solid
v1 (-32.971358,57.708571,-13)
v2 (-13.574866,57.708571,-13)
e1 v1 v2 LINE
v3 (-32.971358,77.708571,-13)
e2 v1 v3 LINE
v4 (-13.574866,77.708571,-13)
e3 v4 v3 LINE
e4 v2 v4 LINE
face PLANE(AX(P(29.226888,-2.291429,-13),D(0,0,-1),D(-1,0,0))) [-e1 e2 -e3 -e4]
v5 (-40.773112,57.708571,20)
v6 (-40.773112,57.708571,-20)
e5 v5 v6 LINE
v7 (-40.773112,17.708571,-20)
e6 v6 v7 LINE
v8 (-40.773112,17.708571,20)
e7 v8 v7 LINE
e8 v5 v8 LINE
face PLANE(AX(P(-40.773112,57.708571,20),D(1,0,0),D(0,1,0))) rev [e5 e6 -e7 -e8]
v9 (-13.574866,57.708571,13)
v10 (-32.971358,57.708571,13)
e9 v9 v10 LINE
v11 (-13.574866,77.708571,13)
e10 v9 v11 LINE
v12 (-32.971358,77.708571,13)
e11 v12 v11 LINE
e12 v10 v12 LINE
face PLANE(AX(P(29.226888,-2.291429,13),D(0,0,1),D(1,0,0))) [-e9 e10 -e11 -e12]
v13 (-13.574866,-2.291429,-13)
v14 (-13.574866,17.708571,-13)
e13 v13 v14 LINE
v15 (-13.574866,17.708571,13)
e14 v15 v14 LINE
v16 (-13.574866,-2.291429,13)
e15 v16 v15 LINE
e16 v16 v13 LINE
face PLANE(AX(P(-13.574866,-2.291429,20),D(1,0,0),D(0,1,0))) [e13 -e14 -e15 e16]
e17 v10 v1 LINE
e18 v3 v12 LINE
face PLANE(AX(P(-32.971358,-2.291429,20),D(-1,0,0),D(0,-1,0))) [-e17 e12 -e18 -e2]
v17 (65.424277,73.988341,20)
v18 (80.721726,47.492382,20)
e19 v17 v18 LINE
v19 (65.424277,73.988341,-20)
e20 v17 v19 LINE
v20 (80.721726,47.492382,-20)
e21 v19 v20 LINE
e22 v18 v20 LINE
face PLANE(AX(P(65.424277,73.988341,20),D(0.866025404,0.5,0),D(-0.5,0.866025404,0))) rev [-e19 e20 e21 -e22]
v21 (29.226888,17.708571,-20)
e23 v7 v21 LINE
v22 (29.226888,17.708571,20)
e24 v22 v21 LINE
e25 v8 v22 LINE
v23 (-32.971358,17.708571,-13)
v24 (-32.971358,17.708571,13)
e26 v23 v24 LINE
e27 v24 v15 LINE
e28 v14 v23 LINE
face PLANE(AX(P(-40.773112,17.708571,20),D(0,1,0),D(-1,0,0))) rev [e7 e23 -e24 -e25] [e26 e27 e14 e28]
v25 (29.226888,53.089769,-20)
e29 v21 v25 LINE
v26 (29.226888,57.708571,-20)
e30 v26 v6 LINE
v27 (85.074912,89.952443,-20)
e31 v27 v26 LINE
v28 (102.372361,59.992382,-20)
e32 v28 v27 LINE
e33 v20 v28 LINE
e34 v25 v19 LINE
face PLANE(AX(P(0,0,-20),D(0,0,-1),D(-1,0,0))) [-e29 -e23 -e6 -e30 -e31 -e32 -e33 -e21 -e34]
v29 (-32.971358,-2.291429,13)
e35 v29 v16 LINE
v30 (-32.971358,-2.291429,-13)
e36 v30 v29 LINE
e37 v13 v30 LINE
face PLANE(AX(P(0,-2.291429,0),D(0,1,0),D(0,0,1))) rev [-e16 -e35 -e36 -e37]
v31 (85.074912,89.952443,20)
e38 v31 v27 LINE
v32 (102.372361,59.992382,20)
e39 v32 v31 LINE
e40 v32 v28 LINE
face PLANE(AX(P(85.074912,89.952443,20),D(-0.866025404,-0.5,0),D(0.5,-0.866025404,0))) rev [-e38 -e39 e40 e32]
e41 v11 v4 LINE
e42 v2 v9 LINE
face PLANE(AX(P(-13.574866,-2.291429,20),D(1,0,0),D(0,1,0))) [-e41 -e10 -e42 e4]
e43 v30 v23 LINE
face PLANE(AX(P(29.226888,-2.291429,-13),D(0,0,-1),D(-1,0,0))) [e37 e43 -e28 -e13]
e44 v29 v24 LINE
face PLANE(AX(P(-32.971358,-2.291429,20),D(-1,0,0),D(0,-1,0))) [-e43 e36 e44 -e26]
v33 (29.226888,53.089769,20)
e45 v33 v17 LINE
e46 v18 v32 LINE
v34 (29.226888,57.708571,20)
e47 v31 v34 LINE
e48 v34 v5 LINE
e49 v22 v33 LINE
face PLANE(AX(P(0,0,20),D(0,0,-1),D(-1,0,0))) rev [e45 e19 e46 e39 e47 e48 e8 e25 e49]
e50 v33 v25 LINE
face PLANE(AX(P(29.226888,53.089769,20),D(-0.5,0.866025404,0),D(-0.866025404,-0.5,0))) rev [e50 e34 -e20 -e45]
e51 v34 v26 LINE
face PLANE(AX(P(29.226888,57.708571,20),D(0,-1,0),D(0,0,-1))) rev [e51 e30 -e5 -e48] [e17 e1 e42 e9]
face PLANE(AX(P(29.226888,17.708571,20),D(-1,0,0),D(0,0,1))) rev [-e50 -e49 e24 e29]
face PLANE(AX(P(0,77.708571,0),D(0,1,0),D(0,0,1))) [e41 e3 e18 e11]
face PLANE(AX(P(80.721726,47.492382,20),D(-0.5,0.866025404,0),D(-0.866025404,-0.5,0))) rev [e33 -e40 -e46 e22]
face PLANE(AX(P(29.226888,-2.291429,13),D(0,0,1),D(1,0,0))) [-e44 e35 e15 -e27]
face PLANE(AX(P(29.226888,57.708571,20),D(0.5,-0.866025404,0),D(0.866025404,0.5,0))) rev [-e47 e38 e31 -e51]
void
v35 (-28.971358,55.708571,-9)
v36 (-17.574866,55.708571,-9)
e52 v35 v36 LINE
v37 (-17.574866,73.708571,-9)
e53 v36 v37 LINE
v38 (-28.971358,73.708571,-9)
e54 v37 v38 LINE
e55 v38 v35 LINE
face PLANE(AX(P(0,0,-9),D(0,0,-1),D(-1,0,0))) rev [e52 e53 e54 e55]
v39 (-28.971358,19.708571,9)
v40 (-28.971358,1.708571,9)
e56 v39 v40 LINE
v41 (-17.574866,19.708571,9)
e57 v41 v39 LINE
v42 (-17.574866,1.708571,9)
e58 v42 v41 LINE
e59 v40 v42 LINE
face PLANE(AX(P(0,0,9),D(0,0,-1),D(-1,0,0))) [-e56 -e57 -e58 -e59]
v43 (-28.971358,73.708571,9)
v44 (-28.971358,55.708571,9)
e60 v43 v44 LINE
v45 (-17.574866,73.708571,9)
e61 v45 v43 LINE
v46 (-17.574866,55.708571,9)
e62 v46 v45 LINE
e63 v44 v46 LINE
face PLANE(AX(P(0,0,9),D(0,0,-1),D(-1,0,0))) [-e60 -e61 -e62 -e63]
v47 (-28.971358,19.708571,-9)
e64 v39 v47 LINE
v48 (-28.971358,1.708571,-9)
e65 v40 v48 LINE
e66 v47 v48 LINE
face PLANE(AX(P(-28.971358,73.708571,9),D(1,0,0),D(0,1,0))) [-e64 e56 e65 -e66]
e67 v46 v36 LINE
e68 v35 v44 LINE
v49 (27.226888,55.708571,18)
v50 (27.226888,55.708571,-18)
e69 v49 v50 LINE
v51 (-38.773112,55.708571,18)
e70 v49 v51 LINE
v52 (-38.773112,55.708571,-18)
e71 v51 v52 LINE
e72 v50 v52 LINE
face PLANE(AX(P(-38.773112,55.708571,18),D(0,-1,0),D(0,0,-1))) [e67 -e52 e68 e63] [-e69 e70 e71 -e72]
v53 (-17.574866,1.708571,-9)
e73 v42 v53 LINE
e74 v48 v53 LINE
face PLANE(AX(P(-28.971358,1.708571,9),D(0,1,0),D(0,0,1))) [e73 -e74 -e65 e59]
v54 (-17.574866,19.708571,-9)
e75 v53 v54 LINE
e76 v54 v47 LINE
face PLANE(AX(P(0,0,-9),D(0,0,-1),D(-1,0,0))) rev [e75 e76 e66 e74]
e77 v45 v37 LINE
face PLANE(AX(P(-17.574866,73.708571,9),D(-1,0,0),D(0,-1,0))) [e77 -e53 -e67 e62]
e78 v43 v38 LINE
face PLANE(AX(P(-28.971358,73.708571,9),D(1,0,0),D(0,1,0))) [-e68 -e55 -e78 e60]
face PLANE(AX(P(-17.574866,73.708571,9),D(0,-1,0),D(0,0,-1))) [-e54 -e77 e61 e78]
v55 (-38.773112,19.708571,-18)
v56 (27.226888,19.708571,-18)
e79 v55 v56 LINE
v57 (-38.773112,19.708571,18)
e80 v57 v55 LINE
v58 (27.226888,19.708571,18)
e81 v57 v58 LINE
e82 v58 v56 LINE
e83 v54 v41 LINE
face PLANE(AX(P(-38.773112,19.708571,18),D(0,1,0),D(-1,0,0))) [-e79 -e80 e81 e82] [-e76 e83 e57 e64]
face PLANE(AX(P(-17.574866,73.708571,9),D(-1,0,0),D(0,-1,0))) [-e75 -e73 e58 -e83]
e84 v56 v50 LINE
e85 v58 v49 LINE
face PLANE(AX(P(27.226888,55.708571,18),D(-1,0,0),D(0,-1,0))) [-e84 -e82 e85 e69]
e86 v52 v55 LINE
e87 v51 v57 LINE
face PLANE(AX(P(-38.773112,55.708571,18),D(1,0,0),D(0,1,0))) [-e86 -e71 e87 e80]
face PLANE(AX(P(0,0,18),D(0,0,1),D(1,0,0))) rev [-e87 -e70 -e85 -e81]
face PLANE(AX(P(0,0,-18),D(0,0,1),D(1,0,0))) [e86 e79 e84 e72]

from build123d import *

# Parameters (mm, degrees)
SALIENTE_EXTRUIR1_DEPTH      = 20
SALIENTE_EXTRUIR2_DEPTH      = 20
SALIENTE_EXTRUIR2_DEPTH_BACK = 60
CROQUIS2_W                   = 19.396492872
CROQUIS2_H                   = 26
CORTAR_EXTRUIR1_DEPTH        = 18
CORTAR_EXTRUIR1_DEPTH_BACK   = 18
CORTAR_EXTRUIR1_START        = -20
CROQUIS4_W                   = 66
CROQUIS4_H                   = 36
CORTAR_EXTRUIR2_DEPTH        = 9
CORTAR_EXTRUIR2_DEPTH_BACK   = 9
CORTAR_EXTRUIR2_START        = -13
CROQUIS6_W                   = 11.396492872
CROQUIS6_H                   = 72


with BuildPart() as part:
    # Croquis1 → Saliente-Extruir1 (new, symmetric)
    with BuildSketch(Plane.XY):
        Polygon((65.424276511, 73.988341167), (80.72172581, 47.492381754), (102.372360904, 59.992381754), (85.074911605, 89.952442782), (29.226887967, 57.7085713), (-40.773112033, 57.7085713), (-40.773112033, 17.7085713), (29.226887967, 17.7085713), (29.226887967, 53.089769147), align=None)
    extrude(amount=SALIENTE_EXTRUIR1_DEPTH, both=True)

    # Croquis2 → Saliente-Extruir2 (add, two sides: drawn at the far end of the back side and taken through both)
    with BuildSketch(Plane(origin=(0, 57.7085713, 0), x_dir=(1, 0, 0), z_dir=(0, 1, 0)).offset(-SALIENTE_EXTRUIR2_DEPTH_BACK)):
        with Locations((-23.273112033, 0)):
            Rectangle(CROQUIS2_W, CROQUIS2_H)
    extrude(amount=SALIENTE_EXTRUIR2_DEPTH + SALIENTE_EXTRUIR2_DEPTH_BACK)

    # Croquis4 → Cortar-Extruir1 (cut, two sides: drawn at the far end of the back side and taken through both)
    with BuildSketch(Plane.XY.offset(20).offset(CORTAR_EXTRUIR1_START - CORTAR_EXTRUIR1_DEPTH_BACK)):
        with Locations((-5.773112033, 37.7085713)):
            Rectangle(CROQUIS4_W, CROQUIS4_H)
    extrude(amount=CORTAR_EXTRUIR1_DEPTH + CORTAR_EXTRUIR1_DEPTH_BACK, mode=Mode.SUBTRACT)

    # Croquis6 → Cortar-Extruir2 (cut, two sides: drawn at the far end of the back side and taken through both)
    with BuildSketch(Plane.XY.offset(13).offset(CORTAR_EXTRUIR2_START - CORTAR_EXTRUIR2_DEPTH_BACK)):
        with Locations((-23.273112033, 37.7085713)):
            Rectangle(CROQUIS6_W, CROQUIS6_H)
    extrude(amount=CORTAR_EXTRUIR2_DEPTH + CORTAR_EXTRUIR2_DEPTH_BACK, mode=Mode.SUBTRACT)


solid = part.part
